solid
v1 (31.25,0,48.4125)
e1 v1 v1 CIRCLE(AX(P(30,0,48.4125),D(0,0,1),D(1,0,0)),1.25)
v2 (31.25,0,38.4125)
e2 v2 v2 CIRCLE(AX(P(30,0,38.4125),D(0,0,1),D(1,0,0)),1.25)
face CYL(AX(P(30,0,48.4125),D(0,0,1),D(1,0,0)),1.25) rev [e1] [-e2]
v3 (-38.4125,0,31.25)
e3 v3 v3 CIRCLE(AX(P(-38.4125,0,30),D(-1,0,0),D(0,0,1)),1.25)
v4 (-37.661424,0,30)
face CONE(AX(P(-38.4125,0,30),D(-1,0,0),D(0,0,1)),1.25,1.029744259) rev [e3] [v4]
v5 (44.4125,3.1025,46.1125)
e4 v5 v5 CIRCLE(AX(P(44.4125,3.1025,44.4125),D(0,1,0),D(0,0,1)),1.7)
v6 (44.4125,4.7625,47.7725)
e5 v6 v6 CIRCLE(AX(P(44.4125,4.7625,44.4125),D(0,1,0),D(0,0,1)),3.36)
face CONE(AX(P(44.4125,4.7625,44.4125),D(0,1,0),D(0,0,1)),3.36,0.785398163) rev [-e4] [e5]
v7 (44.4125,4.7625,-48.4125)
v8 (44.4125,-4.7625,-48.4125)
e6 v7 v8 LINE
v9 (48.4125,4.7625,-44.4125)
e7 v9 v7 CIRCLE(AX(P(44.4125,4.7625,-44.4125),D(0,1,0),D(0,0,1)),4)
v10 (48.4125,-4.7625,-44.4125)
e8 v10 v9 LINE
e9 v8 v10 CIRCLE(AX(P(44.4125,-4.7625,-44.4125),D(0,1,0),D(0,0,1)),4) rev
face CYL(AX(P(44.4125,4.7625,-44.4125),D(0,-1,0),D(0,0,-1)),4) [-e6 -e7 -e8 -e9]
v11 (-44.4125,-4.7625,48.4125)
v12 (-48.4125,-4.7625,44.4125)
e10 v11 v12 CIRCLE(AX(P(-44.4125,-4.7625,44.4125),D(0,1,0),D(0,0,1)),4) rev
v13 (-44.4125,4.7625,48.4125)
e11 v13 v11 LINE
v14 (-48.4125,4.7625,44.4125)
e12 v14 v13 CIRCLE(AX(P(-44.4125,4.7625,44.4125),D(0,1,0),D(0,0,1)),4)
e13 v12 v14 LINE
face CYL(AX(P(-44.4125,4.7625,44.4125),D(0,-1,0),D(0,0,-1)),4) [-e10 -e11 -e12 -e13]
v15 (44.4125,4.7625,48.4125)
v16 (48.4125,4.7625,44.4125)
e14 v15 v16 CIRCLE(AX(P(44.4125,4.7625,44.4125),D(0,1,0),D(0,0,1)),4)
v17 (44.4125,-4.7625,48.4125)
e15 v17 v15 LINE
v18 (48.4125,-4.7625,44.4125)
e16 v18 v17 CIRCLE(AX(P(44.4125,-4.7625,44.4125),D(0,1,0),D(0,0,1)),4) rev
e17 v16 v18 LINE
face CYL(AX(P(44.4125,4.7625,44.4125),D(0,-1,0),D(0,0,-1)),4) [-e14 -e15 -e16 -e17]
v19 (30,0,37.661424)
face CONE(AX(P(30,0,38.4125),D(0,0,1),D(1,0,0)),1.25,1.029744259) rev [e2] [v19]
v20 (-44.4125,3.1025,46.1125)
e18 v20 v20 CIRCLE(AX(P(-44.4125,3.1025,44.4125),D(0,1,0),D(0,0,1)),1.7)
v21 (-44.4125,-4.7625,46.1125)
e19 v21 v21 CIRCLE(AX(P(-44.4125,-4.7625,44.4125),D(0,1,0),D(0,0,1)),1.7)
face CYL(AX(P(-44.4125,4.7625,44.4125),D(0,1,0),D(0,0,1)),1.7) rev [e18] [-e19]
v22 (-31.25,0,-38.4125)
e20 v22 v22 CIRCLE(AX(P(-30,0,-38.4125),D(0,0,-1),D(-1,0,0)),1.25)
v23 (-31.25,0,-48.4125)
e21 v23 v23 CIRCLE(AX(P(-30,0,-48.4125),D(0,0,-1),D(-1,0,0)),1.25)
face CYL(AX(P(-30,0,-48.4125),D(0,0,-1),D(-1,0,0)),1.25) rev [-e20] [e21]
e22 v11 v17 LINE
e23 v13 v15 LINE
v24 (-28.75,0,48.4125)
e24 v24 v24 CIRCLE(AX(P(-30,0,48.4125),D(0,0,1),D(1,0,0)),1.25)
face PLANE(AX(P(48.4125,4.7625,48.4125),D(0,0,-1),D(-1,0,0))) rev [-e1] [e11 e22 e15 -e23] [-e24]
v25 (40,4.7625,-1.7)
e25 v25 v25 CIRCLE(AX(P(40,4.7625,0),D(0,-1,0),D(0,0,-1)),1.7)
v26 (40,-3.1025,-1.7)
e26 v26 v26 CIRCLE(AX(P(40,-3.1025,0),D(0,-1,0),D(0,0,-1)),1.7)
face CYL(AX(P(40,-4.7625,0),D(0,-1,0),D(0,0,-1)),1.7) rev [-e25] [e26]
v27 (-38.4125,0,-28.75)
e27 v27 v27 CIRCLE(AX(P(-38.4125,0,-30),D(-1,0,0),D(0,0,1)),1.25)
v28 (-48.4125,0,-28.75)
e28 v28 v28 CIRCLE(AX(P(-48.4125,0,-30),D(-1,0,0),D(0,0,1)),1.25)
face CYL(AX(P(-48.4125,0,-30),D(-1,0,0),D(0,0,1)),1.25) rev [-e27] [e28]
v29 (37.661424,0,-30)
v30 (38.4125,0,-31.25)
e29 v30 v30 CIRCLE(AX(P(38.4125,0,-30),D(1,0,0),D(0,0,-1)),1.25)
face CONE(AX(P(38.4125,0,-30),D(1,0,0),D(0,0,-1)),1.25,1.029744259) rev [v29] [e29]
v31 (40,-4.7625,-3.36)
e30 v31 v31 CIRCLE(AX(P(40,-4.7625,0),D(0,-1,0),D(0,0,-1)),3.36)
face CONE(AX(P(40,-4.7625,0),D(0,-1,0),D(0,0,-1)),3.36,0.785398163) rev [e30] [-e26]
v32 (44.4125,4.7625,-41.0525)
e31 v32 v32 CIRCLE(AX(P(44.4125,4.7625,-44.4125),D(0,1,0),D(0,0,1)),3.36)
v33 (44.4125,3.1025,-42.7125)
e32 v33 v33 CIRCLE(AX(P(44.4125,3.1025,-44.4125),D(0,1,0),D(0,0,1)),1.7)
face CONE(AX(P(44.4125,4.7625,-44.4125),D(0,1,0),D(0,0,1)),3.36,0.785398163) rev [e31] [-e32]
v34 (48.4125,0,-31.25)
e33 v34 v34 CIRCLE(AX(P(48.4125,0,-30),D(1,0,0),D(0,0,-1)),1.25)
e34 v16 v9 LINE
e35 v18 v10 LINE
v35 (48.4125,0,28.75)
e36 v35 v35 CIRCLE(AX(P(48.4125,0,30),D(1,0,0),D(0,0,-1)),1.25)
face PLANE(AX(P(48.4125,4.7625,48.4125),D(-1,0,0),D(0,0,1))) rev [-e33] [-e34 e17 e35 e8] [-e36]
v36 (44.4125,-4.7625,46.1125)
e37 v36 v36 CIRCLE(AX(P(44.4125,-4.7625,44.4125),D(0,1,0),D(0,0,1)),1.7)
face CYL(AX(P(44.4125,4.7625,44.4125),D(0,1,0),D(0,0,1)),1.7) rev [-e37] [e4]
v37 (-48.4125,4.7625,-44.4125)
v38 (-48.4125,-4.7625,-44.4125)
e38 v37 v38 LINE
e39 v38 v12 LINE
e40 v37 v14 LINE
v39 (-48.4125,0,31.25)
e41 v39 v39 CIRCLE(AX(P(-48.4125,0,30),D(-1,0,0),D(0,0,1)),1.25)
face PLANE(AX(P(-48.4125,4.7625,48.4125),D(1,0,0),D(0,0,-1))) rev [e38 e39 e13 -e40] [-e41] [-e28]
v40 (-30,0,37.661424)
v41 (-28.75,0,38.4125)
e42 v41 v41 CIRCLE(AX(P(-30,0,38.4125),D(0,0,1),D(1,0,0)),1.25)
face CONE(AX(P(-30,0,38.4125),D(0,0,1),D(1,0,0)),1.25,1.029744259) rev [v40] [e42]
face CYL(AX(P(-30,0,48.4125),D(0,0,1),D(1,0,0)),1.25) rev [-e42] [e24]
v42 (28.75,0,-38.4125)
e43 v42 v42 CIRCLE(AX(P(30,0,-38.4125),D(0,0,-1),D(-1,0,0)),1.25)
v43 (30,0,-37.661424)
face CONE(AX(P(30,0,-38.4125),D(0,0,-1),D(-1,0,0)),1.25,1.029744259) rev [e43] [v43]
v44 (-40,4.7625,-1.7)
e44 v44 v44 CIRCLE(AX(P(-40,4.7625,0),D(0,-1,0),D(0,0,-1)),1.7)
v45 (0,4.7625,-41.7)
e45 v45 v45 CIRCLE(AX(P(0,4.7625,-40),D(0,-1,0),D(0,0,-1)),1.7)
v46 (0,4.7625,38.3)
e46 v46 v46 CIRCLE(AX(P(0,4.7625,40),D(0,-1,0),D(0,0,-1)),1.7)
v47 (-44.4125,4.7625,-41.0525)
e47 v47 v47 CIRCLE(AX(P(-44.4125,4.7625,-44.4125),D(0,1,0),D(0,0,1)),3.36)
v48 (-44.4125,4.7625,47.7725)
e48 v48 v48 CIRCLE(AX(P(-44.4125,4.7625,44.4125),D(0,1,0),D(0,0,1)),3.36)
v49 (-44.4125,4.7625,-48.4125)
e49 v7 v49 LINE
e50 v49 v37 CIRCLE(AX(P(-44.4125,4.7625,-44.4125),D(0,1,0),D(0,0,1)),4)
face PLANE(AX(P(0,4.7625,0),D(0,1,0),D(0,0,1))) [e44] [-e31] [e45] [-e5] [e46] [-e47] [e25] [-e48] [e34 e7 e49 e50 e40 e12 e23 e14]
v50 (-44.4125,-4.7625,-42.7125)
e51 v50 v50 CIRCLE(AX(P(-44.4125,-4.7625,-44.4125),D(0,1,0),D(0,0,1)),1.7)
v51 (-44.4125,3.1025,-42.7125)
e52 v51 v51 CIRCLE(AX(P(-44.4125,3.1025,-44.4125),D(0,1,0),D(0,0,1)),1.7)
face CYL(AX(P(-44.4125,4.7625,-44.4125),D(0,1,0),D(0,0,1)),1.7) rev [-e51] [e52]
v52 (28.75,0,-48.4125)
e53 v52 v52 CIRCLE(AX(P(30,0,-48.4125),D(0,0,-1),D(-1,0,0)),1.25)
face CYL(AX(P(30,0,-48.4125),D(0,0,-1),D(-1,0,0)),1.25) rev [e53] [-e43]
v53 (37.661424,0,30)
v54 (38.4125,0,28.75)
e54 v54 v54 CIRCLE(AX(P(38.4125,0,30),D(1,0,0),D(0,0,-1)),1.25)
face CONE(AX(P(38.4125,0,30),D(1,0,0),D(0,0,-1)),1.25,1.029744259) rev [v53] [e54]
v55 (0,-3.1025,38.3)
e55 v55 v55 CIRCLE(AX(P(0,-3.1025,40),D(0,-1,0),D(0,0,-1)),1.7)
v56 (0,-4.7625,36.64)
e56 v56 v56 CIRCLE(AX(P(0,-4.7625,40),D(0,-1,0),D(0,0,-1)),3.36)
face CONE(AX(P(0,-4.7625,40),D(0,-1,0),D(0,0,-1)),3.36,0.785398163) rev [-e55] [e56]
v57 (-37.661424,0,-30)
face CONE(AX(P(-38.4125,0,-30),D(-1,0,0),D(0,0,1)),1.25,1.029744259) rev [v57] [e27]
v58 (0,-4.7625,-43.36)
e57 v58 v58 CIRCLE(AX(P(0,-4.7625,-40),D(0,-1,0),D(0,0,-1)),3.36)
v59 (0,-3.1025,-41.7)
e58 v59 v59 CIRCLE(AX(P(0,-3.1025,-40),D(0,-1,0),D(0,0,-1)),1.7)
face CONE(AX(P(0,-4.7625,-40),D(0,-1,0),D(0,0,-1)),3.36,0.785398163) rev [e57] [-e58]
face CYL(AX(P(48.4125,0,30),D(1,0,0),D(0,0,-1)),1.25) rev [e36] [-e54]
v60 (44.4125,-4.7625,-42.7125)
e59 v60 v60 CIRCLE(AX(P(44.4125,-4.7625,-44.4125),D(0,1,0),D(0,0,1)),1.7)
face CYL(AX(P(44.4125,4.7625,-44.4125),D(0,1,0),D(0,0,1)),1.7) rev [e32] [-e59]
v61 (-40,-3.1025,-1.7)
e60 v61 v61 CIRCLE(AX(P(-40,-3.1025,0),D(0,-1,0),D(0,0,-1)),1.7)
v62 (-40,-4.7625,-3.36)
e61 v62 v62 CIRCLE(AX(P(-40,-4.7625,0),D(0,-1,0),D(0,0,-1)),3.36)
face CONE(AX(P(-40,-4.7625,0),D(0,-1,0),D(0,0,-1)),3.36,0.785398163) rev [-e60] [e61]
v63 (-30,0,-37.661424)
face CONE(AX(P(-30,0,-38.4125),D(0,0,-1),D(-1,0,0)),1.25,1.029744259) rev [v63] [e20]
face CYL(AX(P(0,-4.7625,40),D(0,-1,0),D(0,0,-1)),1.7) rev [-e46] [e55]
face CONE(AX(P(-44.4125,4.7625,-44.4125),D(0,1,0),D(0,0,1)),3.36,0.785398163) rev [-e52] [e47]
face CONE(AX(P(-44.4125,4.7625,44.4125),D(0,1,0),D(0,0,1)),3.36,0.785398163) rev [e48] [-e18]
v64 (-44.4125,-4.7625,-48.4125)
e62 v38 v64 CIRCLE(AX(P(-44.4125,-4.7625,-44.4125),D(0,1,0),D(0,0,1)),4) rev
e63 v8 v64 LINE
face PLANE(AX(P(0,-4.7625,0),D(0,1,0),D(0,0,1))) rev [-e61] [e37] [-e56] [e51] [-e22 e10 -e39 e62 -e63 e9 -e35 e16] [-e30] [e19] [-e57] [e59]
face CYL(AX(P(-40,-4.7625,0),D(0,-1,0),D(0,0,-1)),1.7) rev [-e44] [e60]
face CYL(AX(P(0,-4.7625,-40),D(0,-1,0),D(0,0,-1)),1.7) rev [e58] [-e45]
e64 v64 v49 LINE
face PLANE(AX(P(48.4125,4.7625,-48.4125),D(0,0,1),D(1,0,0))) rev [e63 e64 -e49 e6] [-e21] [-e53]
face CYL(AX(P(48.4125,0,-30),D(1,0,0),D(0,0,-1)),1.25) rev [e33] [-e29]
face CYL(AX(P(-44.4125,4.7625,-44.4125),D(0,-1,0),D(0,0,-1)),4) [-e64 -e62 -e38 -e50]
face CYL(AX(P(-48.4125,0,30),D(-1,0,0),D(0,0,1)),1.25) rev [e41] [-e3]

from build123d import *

# Parameters (mm, degrees)
SKETCH1_W                     = 96.825
SKETCH1_H                     = 96.825
BOSS_EXTRUDE1_DEPTH           = 4.7625
FILLET1_R                     = 4
CSK_FOR_M3_SFHCS2_D           = 3.4
CSK_FOR_M3_SFHCS2_CSINK_D     = 6.72
CSK_FOR_M3_SFHCS2_CSINK_ANGLE = 90
CSK_FOR_M3_SFHCS1_D           = 3.4
CSK_FOR_M3_SFHCS1_DEPTH       = 35
CSK_FOR_M3_SFHCS1_CSINK_D     = 6.72
CSK_FOR_M3_SFHCS1_CSINK_ANGLE = 90
CSK_FOR_M3_SFHCS1_TIP         = 1.021463052
M3X0_5_TAPPED_HOLE1_D         = 2.5
M3X0_5_TAPPED_HOLE1_DEPTH     = 10
M3X0_5_TAPPED_HOLE1_TIP       = 0.751075774
M3X0_5_TAPPED_HOLE2_D         = 2.5
M3X0_5_TAPPED_HOLE2_DEPTH     = 10
M3X0_5_TAPPED_HOLE2_TIP       = 0.751075774
M3X0_5_TAPPED_HOLE3_D         = 2.5
M3X0_5_TAPPED_HOLE3_DEPTH     = 10
M3X0_5_TAPPED_HOLE3_TIP       = 0.751075774
M3X0_5_TAPPED_HOLE4_D         = 2.5
M3X0_5_TAPPED_HOLE4_DEPTH     = 10
M3X0_5_TAPPED_HOLE4_TIP       = 0.751075774


with BuildPart() as part:
    # Sketch1 → Boss-Extrude1 (new body, symmetric)
    with BuildSketch(Plane(origin=(0, 0, 0), x_dir=(1, 0, 0), z_dir=(0, 1, 0))):
        Rectangle(SKETCH1_W, SKETCH1_H)
    extrude(amount=BOSS_EXTRUDE1_DEPTH, both=True)

    # Fillet1
    fillet1_edges = [part.edges().sort_by_distance(p)[0] for p in [
        (-48.4125, 0, -48.4125),
        (48.4125, 0, -48.4125),
        (48.4125, 0, 48.4125),
        (-48.4125, 0, 48.4125),
    ]]
    fillet(fillet1_edges, radius=FILLET1_R)

    # CSK for M3 SFHCS2 (through all)
    with Locations(Plane.XZ.offset(4.7625)):
        with Locations((-40, 0), (0, -40), (40, 0), (0, 40)):
            CounterSinkHole(CSK_FOR_M3_SFHCS2_D / 2, CSK_FOR_M3_SFHCS2_CSINK_D / 2, counter_sink_angle=CSK_FOR_M3_SFHCS2_CSINK_ANGLE)

    # CSK for M3 SFHCS1
    with Locations(Plane(origin=(0, 4.7625, 0), x_dir=(1, 0, 0), z_dir=(0, 1, 0))):
        with Locations((-44.4125, 44.4125), (44.4125, 44.4125), (44.4125, -44.4125), (-44.4125, -44.4125)):
            CounterSinkHole(CSK_FOR_M3_SFHCS1_D / 2, CSK_FOR_M3_SFHCS1_CSINK_D / 2, depth=CSK_FOR_M3_SFHCS1_DEPTH, counter_sink_angle=CSK_FOR_M3_SFHCS1_CSINK_ANGLE)
            with Locations((0, 0, -(CSK_FOR_M3_SFHCS1_DEPTH + CSK_FOR_M3_SFHCS1_TIP / 2))):  # 118° drill point
                Cone(0, CSK_FOR_M3_SFHCS1_D / 2, CSK_FOR_M3_SFHCS1_TIP, mode=Mode.SUBTRACT)

    # M3x0.5 Tapped Hole1
    with Locations(Plane.XY.offset(48.4125)):
        with Locations((-30, 0), (30, 0)):
            Hole(M3X0_5_TAPPED_HOLE1_D / 2, depth=M3X0_5_TAPPED_HOLE1_DEPTH)
            with Locations((0, 0, -(M3X0_5_TAPPED_HOLE1_DEPTH + M3X0_5_TAPPED_HOLE1_TIP / 2))):  # 118° drill point
                Cone(0, M3X0_5_TAPPED_HOLE1_D / 2, M3X0_5_TAPPED_HOLE1_TIP, mode=Mode.SUBTRACT)

    # M3x0.5 Tapped Hole2
    with Locations(Plane.ZY.offset(48.4125)):
        with Locations((-30, 0), (30, 0)):
            Hole(M3X0_5_TAPPED_HOLE2_D / 2, depth=M3X0_5_TAPPED_HOLE2_DEPTH)
            with Locations((0, 0, -(M3X0_5_TAPPED_HOLE2_DEPTH + M3X0_5_TAPPED_HOLE2_TIP / 2))):  # 118° drill point
                Cone(0, M3X0_5_TAPPED_HOLE2_D / 2, M3X0_5_TAPPED_HOLE2_TIP, mode=Mode.SUBTRACT)

    # M3x0.5 Tapped Hole3
    with Locations(Plane(origin=(0, 0, -48.4125), x_dir=(-1, 0, 0), z_dir=(0, 0, -1))):
        with Locations((-30, 0), (30, 0)):
            Hole(M3X0_5_TAPPED_HOLE3_D / 2, depth=M3X0_5_TAPPED_HOLE3_DEPTH)
            with Locations((0, 0, -(M3X0_5_TAPPED_HOLE3_DEPTH + M3X0_5_TAPPED_HOLE3_TIP / 2))):  # 118° drill point
                Cone(0, M3X0_5_TAPPED_HOLE3_D / 2, M3X0_5_TAPPED_HOLE3_TIP, mode=Mode.SUBTRACT)

    # M3x0.5 Tapped Hole4
    with Locations(Plane(origin=(48.4125, 0, 0), x_dir=(0, 0, -1), z_dir=(1, 0, 0))):
        with Locations((-30, 0), (30, 0)):
            Hole(M3X0_5_TAPPED_HOLE4_D / 2, depth=M3X0_5_TAPPED_HOLE4_DEPTH)
            with Locations((0, 0, -(M3X0_5_TAPPED_HOLE4_DEPTH + M3X0_5_TAPPED_HOLE4_TIP / 2))):  # 118° drill point
                Cone(0, M3X0_5_TAPPED_HOLE4_D / 2, M3X0_5_TAPPED_HOLE4_TIP, mode=Mode.SUBTRACT)


solid = part.part
